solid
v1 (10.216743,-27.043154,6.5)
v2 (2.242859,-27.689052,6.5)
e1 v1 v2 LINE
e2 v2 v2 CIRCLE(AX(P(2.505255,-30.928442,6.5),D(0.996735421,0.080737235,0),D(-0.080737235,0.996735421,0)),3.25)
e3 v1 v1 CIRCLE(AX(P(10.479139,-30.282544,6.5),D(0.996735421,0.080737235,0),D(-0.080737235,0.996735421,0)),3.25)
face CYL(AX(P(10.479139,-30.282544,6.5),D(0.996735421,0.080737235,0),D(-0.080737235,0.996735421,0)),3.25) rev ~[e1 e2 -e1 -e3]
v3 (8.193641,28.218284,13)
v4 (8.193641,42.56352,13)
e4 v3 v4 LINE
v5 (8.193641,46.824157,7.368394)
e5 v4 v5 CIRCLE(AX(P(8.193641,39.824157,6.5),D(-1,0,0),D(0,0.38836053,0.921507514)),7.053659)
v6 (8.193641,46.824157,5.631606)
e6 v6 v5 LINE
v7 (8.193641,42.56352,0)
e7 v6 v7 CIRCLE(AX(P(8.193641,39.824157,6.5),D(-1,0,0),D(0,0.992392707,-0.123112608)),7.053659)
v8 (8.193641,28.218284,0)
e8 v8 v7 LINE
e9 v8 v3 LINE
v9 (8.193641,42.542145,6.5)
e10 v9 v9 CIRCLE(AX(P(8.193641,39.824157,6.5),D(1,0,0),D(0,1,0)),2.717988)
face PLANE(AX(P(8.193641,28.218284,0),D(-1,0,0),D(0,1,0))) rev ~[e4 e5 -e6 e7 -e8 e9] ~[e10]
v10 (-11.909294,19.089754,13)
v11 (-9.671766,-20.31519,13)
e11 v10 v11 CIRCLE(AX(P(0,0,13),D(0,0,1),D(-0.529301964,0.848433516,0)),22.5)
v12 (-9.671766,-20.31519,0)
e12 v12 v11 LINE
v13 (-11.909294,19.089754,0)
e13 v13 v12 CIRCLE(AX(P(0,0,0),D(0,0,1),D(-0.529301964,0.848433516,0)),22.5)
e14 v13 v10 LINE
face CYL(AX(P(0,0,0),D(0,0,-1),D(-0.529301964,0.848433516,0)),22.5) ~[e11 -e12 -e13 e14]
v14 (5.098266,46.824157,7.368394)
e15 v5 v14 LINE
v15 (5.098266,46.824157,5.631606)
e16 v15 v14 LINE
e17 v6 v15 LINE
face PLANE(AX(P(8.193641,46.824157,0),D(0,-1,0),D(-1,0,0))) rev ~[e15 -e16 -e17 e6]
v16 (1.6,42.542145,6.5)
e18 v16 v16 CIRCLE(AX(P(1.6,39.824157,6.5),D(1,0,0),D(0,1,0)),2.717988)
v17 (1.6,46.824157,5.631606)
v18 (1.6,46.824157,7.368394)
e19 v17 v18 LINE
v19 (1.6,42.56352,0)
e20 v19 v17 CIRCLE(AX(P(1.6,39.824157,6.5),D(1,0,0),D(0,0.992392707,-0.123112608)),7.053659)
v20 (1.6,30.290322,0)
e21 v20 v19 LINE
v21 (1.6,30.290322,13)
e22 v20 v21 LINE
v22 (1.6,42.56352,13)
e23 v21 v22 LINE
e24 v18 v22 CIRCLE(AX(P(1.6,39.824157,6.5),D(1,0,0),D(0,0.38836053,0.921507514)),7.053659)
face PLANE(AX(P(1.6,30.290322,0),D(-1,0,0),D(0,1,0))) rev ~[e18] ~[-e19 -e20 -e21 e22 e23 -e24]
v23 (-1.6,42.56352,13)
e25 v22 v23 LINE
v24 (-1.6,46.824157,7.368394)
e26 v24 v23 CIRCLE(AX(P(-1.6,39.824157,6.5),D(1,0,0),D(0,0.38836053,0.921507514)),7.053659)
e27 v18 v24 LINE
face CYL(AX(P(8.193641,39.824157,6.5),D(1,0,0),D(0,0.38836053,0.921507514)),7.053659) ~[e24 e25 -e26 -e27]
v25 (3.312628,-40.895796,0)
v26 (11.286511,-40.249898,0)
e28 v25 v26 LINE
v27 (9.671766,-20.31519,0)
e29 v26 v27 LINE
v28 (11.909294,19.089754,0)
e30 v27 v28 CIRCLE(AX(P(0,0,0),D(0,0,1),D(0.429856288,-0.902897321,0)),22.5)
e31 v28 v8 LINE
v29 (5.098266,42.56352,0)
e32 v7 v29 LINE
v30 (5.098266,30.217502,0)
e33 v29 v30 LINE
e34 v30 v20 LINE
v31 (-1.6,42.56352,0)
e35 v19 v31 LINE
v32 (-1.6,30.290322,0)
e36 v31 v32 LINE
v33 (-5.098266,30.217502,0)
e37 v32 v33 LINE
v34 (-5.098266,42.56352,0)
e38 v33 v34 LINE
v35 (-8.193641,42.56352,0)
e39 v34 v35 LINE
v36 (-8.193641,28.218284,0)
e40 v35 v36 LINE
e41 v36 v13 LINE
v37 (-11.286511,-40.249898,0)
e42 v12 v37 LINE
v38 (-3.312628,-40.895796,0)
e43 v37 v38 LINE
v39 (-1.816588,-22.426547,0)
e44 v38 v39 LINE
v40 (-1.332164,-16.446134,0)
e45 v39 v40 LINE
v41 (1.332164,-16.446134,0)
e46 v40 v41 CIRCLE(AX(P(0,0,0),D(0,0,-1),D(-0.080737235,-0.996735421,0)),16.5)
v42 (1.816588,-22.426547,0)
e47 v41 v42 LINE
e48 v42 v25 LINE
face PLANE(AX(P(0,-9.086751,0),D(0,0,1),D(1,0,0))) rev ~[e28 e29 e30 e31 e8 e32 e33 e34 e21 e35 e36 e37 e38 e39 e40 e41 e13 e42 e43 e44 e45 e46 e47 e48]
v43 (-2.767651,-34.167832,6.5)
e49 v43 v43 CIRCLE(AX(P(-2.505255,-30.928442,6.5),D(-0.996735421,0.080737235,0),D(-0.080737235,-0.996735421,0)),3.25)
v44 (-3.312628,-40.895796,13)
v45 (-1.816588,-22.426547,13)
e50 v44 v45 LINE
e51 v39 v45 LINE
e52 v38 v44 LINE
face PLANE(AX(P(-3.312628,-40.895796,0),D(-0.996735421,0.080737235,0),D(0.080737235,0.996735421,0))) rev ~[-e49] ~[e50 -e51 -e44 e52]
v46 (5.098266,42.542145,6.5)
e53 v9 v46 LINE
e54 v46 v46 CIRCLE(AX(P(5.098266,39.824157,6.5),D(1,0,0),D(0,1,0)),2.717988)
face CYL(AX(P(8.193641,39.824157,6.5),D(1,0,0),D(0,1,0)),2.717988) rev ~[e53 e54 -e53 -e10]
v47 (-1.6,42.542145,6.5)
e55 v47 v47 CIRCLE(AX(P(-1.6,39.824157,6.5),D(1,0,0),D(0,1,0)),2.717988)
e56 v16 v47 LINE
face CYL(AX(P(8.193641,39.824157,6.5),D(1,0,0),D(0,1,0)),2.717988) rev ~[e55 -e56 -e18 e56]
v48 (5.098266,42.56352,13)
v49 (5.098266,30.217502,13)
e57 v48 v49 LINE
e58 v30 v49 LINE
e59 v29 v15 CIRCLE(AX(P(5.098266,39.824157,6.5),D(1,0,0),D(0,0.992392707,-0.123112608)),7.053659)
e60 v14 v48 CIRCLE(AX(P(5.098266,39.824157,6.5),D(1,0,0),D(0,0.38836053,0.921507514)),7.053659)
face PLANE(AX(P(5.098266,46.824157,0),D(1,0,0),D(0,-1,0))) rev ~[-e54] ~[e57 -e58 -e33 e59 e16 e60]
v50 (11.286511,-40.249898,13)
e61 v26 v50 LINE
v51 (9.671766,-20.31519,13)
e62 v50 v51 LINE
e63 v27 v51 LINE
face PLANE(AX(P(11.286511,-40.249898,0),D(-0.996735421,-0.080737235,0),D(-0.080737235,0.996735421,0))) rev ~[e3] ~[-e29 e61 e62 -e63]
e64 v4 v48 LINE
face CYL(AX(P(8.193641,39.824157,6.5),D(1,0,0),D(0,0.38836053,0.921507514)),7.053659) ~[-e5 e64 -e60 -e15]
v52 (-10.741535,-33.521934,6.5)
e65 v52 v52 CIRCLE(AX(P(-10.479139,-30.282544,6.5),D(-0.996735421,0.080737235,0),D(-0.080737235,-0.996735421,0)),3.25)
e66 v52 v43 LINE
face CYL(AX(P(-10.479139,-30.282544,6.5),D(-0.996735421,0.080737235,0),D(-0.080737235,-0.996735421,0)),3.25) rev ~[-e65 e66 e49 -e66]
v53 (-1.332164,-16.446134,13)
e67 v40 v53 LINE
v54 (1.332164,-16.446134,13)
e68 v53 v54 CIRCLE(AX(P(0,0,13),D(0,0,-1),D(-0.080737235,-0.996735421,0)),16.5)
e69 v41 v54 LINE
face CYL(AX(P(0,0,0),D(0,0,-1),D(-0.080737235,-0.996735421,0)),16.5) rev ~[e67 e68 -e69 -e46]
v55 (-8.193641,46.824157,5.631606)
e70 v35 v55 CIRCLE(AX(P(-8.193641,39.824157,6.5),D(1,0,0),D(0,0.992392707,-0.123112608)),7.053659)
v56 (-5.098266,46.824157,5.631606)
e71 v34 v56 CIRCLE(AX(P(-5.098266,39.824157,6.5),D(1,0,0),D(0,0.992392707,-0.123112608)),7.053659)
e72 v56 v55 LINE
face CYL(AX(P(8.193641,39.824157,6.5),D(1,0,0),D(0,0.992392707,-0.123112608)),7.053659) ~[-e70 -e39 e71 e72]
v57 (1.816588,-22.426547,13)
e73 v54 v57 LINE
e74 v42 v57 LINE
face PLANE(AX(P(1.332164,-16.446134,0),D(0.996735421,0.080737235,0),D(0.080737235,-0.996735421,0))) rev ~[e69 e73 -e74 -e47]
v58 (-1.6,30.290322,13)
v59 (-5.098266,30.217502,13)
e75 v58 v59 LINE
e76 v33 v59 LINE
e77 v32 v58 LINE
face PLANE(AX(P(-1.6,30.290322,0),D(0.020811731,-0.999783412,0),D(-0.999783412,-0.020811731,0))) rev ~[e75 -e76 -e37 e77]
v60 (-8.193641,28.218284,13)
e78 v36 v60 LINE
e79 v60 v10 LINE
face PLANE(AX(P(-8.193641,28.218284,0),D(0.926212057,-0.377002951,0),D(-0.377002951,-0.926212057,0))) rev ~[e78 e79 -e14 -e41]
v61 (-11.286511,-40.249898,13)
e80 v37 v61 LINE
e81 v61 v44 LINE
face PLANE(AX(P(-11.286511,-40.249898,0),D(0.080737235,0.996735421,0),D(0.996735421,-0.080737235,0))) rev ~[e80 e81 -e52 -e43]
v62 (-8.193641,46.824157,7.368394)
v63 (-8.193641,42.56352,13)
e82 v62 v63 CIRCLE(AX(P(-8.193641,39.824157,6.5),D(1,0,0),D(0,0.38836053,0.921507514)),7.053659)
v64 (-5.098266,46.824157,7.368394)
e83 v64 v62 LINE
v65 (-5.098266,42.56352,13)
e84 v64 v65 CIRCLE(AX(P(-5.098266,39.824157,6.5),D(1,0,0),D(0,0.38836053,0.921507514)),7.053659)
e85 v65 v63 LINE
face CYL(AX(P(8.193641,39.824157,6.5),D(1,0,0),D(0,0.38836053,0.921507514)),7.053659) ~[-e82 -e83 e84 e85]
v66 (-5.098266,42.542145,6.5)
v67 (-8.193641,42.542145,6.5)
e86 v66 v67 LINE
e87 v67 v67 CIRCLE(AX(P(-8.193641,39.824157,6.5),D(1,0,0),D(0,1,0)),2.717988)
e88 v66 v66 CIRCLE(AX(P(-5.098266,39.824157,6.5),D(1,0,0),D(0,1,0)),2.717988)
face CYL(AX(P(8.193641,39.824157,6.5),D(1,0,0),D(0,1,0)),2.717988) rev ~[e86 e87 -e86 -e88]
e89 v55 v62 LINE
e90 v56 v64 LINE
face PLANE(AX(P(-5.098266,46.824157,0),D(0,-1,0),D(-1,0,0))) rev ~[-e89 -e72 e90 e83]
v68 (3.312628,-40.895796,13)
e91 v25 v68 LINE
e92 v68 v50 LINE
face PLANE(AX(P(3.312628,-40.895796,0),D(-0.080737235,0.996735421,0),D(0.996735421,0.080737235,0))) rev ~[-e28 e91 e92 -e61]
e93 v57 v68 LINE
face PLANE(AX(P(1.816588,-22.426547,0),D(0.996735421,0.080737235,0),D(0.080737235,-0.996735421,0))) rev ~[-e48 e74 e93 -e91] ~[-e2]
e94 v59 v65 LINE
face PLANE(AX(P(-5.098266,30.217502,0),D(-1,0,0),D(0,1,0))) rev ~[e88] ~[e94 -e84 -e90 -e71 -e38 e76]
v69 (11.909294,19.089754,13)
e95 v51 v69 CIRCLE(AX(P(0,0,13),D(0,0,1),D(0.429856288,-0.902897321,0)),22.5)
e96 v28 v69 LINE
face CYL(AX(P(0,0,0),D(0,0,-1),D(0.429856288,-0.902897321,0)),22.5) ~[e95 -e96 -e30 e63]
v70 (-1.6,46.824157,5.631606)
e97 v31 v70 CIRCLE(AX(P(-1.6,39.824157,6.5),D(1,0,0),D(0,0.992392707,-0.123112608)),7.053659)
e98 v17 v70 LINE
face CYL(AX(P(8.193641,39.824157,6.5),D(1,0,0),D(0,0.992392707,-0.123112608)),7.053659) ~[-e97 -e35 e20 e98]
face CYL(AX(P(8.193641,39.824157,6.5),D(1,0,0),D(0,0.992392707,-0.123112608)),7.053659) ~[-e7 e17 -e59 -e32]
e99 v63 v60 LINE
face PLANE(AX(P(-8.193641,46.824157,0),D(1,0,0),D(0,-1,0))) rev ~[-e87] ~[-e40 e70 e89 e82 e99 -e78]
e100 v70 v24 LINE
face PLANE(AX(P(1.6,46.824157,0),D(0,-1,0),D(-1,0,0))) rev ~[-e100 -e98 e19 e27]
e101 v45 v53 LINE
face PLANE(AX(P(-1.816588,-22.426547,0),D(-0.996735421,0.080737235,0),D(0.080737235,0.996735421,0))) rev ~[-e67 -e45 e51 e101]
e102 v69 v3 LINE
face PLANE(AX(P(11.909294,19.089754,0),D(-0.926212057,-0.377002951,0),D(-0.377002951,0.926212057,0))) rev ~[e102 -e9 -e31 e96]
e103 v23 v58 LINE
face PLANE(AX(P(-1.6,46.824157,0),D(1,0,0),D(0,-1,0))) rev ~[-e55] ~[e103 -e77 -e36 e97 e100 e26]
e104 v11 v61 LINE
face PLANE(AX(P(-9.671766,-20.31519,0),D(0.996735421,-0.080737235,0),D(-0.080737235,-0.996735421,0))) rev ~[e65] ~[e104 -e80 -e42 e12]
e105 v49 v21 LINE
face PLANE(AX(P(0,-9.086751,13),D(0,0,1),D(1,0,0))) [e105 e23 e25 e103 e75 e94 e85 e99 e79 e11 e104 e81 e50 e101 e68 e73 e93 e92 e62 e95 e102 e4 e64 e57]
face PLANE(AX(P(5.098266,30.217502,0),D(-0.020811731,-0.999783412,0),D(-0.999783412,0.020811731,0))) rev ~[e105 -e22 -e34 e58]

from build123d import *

# Parameters (mm, degrees)
F1_DEPTH = 13
F3_DEPTH = 17
F2_R     = 2.7179879064
F4_DEPTH = 17
F5_R     = 3.25
F6_DEPTH = 13
F7_R     = 3.25
F8_DEPTH = 13


with BuildPart() as f1:
    # F0 (on Top) → F1 (new body)
    with BuildSketch(Plane.XY):
        with BuildLine():
            Line((11.2865111771, -40.2498981271), (9.6717664856, -20.3151897123))
            ThreePointArc((9.6717664856, -20.3151897123), (22.4638141096, -1.275560915), (11.9092941804, 19.0897541138))
            ThreePointArc((11.9092941804, 19.0897541138), (10.094643898, 20.1084102945), (8.1936409697, 20.955053034))
            ThreePointArc((8.1936409697, 20.955053034), (0, 22.5), (-8.1936409697, 20.955053034))
            ThreePointArc((-8.1936409697, 20.955053034), (-10.094643898, 20.1084102945), (-11.9092941804, 19.0897541138))
            ThreePointArc((-11.9092941804, 19.0897541138), (-22.4638141096, -1.275560915), (-9.6717664856, -20.3151897123))
            Line((-9.6717664856, -20.3151897123), (-11.2865111771, -40.2498981271))
            Line((-11.2865111771, -40.2498981271), (-3.3126278112, -40.8957960037))
            Line((-3.3126278112, -40.8957960037), (-1.816587778, -22.4265469666))
            Line((-1.816587778, -22.4265469666), (-1.3321643705, -16.4461344422))
            ThreePointArc((-1.3321643705, -16.4461344422), (0, 16.5), (1.3321643705, -16.4461344422))
            Line((1.3321643705, -16.4461344422), (1.816587778, -22.4265469666))
            Line((1.816587778, -22.4265469666), (3.3126278112, -40.8957960037))
            Line((3.3126278112, -40.8957960037), (11.2865111771, -40.2498981271))
        make_face()
        with BuildLine():
            ThreePointArc((8.1936409697, 20.955053034), (10.094643898, 20.1084102945), (11.9092941804, 19.0897541138))
            Line((11.9092941804, 19.0897541138), (8.1936409697, 28.2182842493))
            Line((8.1936409697, 28.2182842493), (8.1936409697, 20.955053034))
        make_face()
        with BuildLine():
            ThreePointArc((-8.1936409697, 20.955053034), (0, 22.5), (8.1936409697, 20.955053034))
            Line((8.1936409697, 20.955053034), (8.1936409697, 28.2182842493))
            Line((8.1936409697, 28.2182842493), (8.1936409697, 46.824157238))
            Line((8.1936409697, 46.824157238), (5.0982660614, 46.824157238))
            Line((5.0982660614, 46.824157238), (5.0982660614, 30.2175015012))
            Line((5.0982660614, 30.2175015012), (1.6, 30.2903222447))
            Line((1.6, 30.2903222447), (1.6, 46.824157238))
            Line((1.6, 46.824157238), (0, 46.824157238))
            Line((0, 46.824157238), (-1.6, 46.824157238))
            Line((-1.6, 46.824157238), (-1.6, 30.2903222447))
            Line((-1.6, 30.2903222447), (-5.0982660614, 30.2175015012))
            Line((-5.0982660614, 30.2175015012), (-5.0982660614, 46.824157238))
            Line((-5.0982660614, 46.824157238), (-8.1936409697, 46.824157238))
            Line((-8.1936409697, 46.824157238), (-8.1936409697, 33.1387296319))
            Line((-8.1936409697, 33.1387296319), (-8.1936409697, 28.2182842493))
            Line((-8.1936409697, 28.2182842493), (-8.1936409697, 20.955053034))
        make_face()
        with BuildLine():
            ThreePointArc((-11.9092941804, 19.0897541138), (-10.094643898, 20.1084102945), (-8.1936409697, 20.955053034))
            Line((-8.1936409697, 20.955053034), (-8.1936409697, 28.2182842493))
            Line((-8.1936409697, 28.2182842493), (-11.9092941804, 19.0897541138))
        make_face()
    extrude(amount=F1_DEPTH)

    # F2 (on face) → F3 (cut)
    with BuildSketch(Plane.YZ.offset(8.1936409697)):
        with BuildLine():
            ThreePointArc((42.5635200859, 13), (45.44932769, 10.755768579), (46.824157238, 7.3683943876))
            Line((46.824157238, 7.3683943876), (46.824157238, 13))
            Line((46.824157238, 13), (42.5635200859, 13))
        make_face()
        with BuildLine():
            Line((46.824157238, 0), (46.824157238, 5.6316056124))
            ThreePointArc((46.824157238, 5.6316056124), (45.44932769, 2.244231421), (42.5635200859, 0))
            Line((42.5635200859, 0), (46.824157238, 0))
        make_face()
    extrude(amount=-F3_DEPTH, mode=Mode.SUBTRACT)

    # F2 (on face) → F4 (cut)
    with BuildSketch(Plane.YZ.offset(8.1936409697)):
        with Locations((39.824157238, 6.5)):
            Circle(F2_R)
    extrude(amount=-F4_DEPTH, mode=Mode.SUBTRACT)

    # F5 (on face) → F6 (cut)
    with BuildSketch(Plane(origin=(7.9738833659, 0.6458978766, 0), x_dir=(-0.0807372346, 0.9967354207, 0), z_dir=(0.9967354207, 0.0807372346, 0))):
        with Locations((-31.0297408448, 6.5)):
            Circle(F5_R)
    extrude(amount=-F6_DEPTH, mode=Mode.SUBTRACT)

    # F7 (on face) → F8 (cut)
    with BuildSketch(Plane(origin=(-7.9738833659, 0.6458978766, 0), x_dir=(-0.0807372346, -0.9967354207, 0), z_dir=(-0.9967354207, 0.0807372346, 0))):
        with Locations((31.0297408448, 6.5)):
            Circle(F7_R)
    extrude(amount=-F8_DEPTH, mode=Mode.SUBTRACT)


solid = f1.part
